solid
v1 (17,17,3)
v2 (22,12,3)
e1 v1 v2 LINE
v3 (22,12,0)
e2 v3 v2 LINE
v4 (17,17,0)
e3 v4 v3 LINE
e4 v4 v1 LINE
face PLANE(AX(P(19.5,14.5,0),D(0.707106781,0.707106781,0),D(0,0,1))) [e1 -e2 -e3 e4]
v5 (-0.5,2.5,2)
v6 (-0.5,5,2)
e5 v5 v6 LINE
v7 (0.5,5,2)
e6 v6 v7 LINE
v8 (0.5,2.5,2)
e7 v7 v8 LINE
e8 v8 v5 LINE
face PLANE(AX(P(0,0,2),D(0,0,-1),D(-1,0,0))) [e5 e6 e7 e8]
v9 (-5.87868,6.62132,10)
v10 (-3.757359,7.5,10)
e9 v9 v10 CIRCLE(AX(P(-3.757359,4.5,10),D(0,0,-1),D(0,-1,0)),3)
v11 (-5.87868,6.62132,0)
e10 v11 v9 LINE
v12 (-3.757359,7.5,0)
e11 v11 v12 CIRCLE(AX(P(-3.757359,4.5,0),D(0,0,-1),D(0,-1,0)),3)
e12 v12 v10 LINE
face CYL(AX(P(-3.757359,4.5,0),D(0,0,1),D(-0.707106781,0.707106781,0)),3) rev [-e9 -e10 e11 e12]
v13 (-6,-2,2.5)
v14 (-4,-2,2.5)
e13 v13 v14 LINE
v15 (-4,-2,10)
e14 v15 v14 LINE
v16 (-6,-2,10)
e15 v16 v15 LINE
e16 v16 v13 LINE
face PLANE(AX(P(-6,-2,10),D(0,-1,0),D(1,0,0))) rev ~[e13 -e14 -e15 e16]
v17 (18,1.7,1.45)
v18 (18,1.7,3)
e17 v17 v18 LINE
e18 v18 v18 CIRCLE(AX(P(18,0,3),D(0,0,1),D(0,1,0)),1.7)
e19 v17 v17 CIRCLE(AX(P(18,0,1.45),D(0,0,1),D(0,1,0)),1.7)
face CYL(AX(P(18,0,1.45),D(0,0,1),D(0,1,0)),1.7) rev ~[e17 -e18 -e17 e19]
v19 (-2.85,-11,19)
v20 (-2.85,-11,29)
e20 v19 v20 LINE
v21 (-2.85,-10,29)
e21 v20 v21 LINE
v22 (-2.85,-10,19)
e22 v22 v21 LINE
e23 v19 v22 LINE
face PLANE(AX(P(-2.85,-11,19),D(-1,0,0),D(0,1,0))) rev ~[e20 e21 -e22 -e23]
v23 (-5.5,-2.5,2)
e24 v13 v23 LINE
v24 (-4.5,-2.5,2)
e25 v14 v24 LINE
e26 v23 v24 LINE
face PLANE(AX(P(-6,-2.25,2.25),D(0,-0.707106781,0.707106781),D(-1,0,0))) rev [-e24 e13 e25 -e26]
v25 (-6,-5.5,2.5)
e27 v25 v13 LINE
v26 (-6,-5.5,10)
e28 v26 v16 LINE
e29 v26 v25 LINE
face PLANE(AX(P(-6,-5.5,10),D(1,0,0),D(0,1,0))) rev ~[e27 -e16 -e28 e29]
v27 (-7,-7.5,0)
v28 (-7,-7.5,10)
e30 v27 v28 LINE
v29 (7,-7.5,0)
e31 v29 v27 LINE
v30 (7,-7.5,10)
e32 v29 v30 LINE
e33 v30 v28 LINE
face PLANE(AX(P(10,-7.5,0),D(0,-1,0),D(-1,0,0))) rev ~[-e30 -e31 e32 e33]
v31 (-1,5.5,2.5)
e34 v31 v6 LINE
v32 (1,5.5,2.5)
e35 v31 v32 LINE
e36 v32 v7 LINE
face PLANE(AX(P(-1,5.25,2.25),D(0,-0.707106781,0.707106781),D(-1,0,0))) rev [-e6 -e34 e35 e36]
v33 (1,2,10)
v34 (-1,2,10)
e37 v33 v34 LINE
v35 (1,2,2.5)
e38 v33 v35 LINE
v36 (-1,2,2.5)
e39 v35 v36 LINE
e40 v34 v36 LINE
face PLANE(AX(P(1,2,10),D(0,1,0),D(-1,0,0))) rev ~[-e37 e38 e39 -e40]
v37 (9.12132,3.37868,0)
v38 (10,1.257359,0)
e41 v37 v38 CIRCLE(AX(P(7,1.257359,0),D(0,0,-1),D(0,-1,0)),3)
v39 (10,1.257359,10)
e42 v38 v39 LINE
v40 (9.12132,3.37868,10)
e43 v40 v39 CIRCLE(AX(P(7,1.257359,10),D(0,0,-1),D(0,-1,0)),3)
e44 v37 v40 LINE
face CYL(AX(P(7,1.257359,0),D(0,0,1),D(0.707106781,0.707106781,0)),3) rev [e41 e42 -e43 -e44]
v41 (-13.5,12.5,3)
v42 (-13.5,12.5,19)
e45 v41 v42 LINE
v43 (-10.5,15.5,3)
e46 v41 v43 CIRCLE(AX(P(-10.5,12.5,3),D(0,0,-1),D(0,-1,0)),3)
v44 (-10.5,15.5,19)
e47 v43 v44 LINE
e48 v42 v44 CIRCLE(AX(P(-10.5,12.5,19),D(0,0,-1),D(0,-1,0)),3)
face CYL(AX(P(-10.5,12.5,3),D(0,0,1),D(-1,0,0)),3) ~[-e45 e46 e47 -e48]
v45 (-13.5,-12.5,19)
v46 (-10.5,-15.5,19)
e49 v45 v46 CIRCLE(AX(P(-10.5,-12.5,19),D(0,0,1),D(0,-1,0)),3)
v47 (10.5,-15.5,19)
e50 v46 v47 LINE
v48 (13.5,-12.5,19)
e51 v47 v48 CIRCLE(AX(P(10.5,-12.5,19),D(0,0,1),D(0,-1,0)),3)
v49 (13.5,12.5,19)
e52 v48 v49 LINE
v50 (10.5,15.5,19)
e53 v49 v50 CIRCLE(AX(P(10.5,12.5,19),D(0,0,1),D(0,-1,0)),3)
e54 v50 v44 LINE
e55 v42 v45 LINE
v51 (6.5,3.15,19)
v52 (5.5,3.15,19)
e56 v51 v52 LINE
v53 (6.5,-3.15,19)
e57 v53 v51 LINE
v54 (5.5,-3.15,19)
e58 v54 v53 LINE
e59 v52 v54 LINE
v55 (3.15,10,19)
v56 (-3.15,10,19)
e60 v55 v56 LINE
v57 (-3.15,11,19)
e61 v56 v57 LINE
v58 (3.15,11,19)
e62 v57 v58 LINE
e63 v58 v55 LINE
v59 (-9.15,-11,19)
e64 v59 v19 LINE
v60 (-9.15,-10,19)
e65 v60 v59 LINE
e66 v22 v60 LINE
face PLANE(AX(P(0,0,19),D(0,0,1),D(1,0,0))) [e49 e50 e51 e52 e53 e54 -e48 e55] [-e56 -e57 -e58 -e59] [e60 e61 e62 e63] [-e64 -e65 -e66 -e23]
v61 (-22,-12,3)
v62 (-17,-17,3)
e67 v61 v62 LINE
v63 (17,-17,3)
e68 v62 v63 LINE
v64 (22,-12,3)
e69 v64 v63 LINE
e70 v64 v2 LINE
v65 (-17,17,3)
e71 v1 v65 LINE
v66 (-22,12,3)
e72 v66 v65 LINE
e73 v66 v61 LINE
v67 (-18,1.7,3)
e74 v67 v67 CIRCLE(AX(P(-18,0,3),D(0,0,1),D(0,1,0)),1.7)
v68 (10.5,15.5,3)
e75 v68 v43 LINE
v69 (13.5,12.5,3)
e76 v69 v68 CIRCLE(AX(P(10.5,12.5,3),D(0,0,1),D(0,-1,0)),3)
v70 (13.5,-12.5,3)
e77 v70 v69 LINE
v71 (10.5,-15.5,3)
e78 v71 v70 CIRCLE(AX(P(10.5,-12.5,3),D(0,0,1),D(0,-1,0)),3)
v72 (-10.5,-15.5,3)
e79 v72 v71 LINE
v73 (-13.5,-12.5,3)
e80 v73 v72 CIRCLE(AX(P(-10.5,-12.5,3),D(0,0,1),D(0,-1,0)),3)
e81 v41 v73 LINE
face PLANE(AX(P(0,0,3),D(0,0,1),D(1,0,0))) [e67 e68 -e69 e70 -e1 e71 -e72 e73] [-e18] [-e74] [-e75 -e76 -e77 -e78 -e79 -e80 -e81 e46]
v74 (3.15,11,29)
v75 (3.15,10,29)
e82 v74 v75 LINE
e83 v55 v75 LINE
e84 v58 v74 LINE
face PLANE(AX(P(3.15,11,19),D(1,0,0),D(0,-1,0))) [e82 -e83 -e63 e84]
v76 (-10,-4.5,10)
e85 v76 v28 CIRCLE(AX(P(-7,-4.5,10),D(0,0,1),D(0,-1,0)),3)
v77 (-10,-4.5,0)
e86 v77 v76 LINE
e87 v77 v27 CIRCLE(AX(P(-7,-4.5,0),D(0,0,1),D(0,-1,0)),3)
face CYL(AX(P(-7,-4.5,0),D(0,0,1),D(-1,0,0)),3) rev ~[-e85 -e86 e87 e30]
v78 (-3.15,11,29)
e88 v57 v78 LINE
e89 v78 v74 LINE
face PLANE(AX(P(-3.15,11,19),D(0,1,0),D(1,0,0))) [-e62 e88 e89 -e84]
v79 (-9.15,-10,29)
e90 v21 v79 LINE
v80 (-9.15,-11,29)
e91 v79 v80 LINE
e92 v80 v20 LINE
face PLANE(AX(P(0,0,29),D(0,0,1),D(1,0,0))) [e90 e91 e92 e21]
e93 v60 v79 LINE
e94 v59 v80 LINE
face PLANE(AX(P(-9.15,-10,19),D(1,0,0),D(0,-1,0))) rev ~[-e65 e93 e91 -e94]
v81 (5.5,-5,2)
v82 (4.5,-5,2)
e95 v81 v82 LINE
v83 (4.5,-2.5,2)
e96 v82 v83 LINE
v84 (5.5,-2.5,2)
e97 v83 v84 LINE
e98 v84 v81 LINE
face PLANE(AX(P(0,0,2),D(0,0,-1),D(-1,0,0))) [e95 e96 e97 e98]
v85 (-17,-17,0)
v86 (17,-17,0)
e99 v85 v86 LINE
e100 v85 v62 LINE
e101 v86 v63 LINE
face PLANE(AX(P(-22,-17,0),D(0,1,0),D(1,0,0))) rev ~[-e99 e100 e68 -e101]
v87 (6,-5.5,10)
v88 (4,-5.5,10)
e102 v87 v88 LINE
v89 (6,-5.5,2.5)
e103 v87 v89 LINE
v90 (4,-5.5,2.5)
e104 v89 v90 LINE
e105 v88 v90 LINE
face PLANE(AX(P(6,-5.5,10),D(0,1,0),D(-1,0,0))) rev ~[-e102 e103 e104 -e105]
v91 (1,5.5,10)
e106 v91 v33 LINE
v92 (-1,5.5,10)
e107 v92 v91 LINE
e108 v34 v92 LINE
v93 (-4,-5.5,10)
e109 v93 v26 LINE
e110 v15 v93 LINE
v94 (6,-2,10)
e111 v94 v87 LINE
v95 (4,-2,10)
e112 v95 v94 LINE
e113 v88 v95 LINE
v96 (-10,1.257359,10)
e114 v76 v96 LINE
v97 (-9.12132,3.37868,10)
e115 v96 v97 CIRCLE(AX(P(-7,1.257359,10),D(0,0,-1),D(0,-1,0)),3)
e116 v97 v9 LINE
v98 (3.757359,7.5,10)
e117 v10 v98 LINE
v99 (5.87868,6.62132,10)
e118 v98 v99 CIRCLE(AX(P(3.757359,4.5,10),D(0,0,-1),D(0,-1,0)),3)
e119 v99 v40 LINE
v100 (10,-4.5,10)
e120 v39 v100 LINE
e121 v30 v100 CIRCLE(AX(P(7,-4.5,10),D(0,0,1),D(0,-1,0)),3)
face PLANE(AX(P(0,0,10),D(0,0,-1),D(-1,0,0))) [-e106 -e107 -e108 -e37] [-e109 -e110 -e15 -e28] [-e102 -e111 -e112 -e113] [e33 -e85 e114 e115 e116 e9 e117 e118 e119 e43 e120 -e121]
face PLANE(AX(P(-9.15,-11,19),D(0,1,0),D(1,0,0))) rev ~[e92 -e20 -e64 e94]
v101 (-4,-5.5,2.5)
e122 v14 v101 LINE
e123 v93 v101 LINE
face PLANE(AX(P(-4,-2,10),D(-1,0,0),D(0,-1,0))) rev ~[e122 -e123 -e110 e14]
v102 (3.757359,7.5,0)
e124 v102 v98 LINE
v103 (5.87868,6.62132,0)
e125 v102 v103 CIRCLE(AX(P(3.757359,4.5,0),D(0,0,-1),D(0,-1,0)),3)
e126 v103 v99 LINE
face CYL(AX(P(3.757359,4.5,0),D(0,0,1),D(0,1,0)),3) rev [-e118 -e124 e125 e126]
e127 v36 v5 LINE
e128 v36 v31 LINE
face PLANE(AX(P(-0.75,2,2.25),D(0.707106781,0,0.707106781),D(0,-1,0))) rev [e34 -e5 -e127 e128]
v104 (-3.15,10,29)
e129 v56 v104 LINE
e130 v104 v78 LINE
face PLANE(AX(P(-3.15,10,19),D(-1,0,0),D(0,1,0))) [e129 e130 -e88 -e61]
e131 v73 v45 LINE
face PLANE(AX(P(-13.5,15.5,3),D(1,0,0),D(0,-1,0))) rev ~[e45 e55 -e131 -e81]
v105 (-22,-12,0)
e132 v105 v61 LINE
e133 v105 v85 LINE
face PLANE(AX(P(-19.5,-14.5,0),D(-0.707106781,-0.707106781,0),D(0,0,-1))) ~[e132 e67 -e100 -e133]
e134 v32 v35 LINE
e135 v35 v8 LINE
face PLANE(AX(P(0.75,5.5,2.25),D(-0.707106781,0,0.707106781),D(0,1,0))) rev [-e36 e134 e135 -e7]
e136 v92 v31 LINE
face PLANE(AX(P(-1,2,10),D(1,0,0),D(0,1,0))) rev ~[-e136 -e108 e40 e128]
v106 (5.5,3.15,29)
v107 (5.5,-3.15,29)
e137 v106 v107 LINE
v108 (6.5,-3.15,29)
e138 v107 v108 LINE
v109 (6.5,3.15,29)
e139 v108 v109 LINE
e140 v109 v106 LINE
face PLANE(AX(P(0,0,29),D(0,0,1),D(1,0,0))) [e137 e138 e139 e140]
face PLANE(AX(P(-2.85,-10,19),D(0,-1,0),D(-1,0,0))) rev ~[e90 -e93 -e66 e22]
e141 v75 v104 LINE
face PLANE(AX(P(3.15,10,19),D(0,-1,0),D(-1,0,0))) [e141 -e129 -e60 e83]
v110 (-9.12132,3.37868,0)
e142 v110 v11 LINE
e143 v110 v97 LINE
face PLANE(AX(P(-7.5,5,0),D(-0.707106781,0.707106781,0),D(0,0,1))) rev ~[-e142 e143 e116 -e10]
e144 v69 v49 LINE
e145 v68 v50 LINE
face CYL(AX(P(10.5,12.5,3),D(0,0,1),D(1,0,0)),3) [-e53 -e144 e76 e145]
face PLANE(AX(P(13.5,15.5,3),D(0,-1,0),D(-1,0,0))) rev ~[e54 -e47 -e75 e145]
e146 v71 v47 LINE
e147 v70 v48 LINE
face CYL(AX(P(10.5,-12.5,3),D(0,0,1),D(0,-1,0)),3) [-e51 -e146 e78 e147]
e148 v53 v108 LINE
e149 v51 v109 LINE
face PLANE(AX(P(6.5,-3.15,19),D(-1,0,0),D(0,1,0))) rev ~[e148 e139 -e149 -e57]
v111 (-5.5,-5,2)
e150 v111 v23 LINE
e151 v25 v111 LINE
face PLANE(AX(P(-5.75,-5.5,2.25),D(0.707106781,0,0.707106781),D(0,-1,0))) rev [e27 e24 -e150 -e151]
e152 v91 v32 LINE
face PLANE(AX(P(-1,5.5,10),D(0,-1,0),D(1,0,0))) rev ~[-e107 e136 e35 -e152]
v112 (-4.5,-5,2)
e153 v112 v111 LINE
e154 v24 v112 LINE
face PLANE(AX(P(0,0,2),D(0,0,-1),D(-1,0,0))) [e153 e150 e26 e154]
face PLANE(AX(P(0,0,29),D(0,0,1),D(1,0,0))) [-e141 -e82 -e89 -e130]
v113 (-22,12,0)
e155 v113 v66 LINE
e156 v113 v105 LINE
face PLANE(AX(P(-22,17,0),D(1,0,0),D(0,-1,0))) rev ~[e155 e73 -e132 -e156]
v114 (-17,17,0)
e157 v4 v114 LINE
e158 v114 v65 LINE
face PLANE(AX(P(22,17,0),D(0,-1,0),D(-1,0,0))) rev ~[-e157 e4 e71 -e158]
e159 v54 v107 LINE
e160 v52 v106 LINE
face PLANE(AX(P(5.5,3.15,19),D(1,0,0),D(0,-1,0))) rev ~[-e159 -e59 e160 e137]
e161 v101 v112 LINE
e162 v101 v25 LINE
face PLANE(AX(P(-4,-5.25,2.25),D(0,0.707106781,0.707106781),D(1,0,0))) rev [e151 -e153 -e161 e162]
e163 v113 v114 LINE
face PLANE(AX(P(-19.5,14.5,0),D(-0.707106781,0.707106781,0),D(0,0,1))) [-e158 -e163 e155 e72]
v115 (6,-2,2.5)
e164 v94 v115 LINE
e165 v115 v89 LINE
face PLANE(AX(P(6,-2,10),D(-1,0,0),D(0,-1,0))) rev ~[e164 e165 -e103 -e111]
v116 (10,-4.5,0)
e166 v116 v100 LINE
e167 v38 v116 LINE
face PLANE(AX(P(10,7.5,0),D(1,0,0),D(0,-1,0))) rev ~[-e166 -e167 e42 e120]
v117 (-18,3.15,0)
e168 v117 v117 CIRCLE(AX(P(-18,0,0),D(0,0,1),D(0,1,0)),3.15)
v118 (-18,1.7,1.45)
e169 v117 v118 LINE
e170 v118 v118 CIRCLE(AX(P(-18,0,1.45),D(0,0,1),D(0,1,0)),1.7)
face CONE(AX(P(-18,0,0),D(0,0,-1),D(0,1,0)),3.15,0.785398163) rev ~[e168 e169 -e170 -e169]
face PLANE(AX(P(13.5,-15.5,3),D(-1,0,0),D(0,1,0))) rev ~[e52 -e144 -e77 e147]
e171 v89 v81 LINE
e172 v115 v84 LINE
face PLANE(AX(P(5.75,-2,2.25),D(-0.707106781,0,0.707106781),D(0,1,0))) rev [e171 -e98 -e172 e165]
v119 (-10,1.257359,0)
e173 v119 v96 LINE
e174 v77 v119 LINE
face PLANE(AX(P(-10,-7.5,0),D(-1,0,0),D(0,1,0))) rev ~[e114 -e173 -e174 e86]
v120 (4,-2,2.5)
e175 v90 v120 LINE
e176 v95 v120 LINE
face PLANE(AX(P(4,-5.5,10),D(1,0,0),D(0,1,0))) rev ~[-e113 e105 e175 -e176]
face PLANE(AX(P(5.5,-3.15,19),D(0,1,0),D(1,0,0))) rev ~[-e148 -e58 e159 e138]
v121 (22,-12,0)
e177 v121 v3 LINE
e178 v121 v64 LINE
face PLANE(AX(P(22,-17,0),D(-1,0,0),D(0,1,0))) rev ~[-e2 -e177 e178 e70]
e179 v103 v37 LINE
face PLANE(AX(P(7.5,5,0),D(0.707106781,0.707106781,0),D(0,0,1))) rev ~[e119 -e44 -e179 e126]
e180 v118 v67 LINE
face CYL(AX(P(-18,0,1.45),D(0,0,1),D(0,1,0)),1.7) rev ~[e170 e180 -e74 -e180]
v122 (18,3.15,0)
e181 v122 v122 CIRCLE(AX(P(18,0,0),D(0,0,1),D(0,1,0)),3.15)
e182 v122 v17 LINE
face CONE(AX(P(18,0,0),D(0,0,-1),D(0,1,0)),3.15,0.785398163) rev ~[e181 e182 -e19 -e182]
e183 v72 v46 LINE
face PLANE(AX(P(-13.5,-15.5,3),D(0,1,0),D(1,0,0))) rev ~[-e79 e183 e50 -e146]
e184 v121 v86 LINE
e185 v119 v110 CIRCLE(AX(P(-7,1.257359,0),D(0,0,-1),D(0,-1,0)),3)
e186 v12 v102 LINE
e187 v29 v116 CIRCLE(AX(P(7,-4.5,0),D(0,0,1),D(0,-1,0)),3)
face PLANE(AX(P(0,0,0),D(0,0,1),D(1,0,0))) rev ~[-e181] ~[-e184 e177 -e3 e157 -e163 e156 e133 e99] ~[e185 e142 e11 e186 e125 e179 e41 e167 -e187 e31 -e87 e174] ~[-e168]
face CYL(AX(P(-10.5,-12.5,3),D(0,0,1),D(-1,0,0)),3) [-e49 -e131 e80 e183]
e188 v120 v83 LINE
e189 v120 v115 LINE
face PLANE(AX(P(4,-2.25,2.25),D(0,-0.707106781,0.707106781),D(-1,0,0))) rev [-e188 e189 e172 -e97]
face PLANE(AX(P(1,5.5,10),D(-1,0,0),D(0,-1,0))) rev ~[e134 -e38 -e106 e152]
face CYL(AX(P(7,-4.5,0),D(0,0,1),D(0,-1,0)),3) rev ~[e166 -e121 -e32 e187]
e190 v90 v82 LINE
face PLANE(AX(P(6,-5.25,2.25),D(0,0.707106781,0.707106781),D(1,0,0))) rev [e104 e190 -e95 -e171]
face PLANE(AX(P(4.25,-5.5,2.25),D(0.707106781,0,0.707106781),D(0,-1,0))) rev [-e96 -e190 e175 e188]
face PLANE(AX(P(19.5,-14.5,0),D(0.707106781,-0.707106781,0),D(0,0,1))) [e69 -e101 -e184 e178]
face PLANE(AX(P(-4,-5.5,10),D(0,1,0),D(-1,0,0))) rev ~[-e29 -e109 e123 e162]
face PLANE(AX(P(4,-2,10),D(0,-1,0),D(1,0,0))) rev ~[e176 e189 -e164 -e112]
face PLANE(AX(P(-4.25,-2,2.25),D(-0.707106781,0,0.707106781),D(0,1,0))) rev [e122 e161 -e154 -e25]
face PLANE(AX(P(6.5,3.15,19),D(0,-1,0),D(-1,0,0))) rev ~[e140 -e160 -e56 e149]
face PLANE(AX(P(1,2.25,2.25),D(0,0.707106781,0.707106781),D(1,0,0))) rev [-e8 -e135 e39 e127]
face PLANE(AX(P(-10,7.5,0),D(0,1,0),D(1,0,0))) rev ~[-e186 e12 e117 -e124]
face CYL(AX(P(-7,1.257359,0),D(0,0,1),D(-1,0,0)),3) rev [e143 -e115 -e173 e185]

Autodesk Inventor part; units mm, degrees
ref_plane "YZ Plane" through (0, 0, 0) normal (1, 0, 0) x (0, 1, 0)
ref_plane "XZ Plane" through (0, 0, 0) normal (0, 1, 0) x (-1, 0, 0)
ref_plane "XY Plane" through (0, 0, 0) normal (0, 0, 1) x (1, 0, 0)
sketch "Sketch1" plane through (0, 0, 0) normal (0, 0, 1) x (1, 0, 0)
  line L0 (-22, -17) -> (22, -17)
  line L1 (22, -17) -> (22, 17)
  line L2 (22, 17) -> (-22, 17)
  line L3 (-22, 17) -> (-22, -17)
  line L4 (-22, -17) -> (22, 17) construction
  line L5 (22, -17) -> (-22, 17) construction
  point P0 (0, 0)
  dimension "d0" = 44
  dimension "d1" = 34
extrude "Extrusion1" add sketch "Sketch1" along normal blind 3
chamfer "Chamfer1" distance 5 angle 45 4 edges at (22, 17, 1.5) (-22, 17, 1.5) (22, -17, 1.5) (-22, -17, 1.5)
sketch "Sketch2" plane through (0, 0, 3) normal (0, 0, 1) x (1, 0, 0)
  line L0 (-13.5, -15.5) -> (13.5, -15.5)
  line L1 (13.5, -15.5) -> (13.5, 15.5)
  line L2 (13.5, 15.5) -> (-13.5, 15.5)
  line L3 (-13.5, 15.5) -> (-13.5, -15.5)
  line L4 (-13.5, -15.5) -> (13.5, 15.5) construction
  line L5 (13.5, -15.5) -> (-13.5, 15.5) construction
  point P0 (0, 0)
  dimension "d7" = 27
  dimension "d8" = 31
extrude "Extrusion2" add sketch "Sketch2" along normal blind 16
fillet "Fillet1" radius 3 4 edges at (13.5, -15.5, 11) (13.5, 15.5, 11) (-13.5, 15.5, 11) (-13.5, -15.5, 11)
sketch "Sketch3" plane through (0, 0, 0) normal (0, 0, -1) x (-1, 0, 0)
  line L0 (-18, 0) -> (18, 0) construction
  point P0 (0, 0)
  point P1 (0, 0)
  dimension "d12" = 36
hole "Hole1" at (18, 0, 0) at (-18, 0, 0) direction (0, 0, 1) diameter 3.4 depth 8 tip angle 118 countersink diameter 6.3 countersink angle 90 clearance for "Countersunk Flat Head Screw DIN EN ISO 2009" size "M3" standard "DIN"
sketch "Sketch4" plane through (0, 0, 19) normal (0, 0, 1) x (1, 0, 0)
  line L0 (-3.15, 11) -> (3.15, 11)
  line L1 (3.15, 11) -> (3.15, 10)
  line L2 (3.15, 10) -> (-3.15, 10)
  line L3 (-3.15, 10) -> (-3.15, 11)
  line L4 (-3.15, 11) -> (3.15, 10) construction
  line L5 (3.15, 11) -> (-3.15, 10) construction
  line L6 (5.5, -3.15) -> (6.5, -3.15)
  line L7 (6.5, -3.15) -> (6.5, 3.15)
  line L8 (6.5, 3.15) -> (5.5, 3.15)
  line L9 (5.5, 3.15) -> (5.5, -3.15)
  line L10 (5.5, -3.15) -> (6.5, 3.15) construction
  line L11 (6.5, -3.15) -> (5.5, 3.15) construction
  line L12 (-9.15, -11) -> (-2.85, -11)
  line L13 (-2.85, -11) -> (-2.85, -10)
  line L14 (-2.85, -10) -> (-9.15, -10)
  line L15 (-9.15, -10) -> (-9.15, -11)
  line L16 (-9.15, -11) -> (-2.85, -10) construction
  line L17 (-2.85, -11) -> (-9.15, -10) construction
  point P0 (0, 0)
  point P1 (0, 10.5)
  point P2 (6, 0)
  point P3 (-6, -10.5)
  point P4 (0, 10.5)
  point P5 (6, 0)
  dimension "d20" = 6.3
  dimension "d21" = 1
  dimension "d22" = 1
  dimension "d23" = 6.3
  dimension "d24" = 6.3
  dimension "d25" = 1
  dimension "d26" = 10
  dimension "d27" = 6
  dimension "d28" = 10
  dimension "d29" = 6
extrude "Extrusion3" add sketch "Sketch4" along normal blind 10
sketch "Sketch5" plane through (0, 0, 0) normal (0, 0, -1) x (-1, 0, 0)
  line L0 (-10, -7.5) -> (10, -7.5)
  line L1 (10, -7.5) -> (10, 7.5)
  line L2 (10, 7.5) -> (-10, 7.5)
  line L3 (-10, 7.5) -> (-10, -7.5)
  line L4 (-10, -7.5) -> (10, 7.5) construction
  line L5 (10, -7.5) -> (-10, 7.5) construction
  point P0 (0, 0)
  dimension "d32" = 20
  dimension "d33" = 15
extrude "Extrusion4" cut sketch "Sketch5" against normal blind 10
fillet "Fillet2" radius 3 2 edges at (-10, -7.5, 5) (10, -7.5, 5)
chamfer "Chamfer2" distance 5 angle 45 2 edges at (-10, 7.5, 5) (10, 7.5, 5)
fillet "Fillet3" radius 3 4 edges at (10, 2.5, 5) (5, 7.5, 5) (-5, 7.5, 5) (-10, 2.5, 5)
sketch "Sketch6" plane through (0, 0, 10) normal (0, 0, -1) x (-1, 0, 0)
  line L0 (-1, 2) -> (1, 2)
  line L1 (1, 2) -> (1, 5.5)
  line L2 (1, 5.5) -> (-1, 5.5)
  line L3 (-1, 5.5) -> (-1, 2)
  line L4 (-6, -5.5) -> (-4, -5.5)
  line L5 (-4, -5.5) -> (-4, -2)
  line L6 (-4, -2) -> (-6, -2)
  line L7 (-6, -2) -> (-6, -5.5)
  line L8 (4, -5.5) -> (6, -5.5)
  line L9 (6, -5.5) -> (6, -2)
  line L10 (6, -2) -> (4, -2)
  line L11 (4, -2) -> (4, -5.5)
  line L12 (-4, -2) -> (4, -2) construction
  point P0 (0, 0)
  point P1 (0, 2)
  point P2 (0, -2)
  dimension "d41" = 2
  dimension "d42" = 2
  dimension "d43" = 2
  dimension "d44" = 3.5
  dimension "d45" = 3.5
  dimension "d46" = 2
  dimension "d47" = 2
  dimension "d48" = 8
extrude "Extrusion5" add sketch "Sketch6" along normal blind 8
chamfer "Chamfer3" distance 0.5 angle 45 12 edges at (5, -2, 2) (6, -3.75, 2) (4, -3.75, 2) (5, -5.5, 2) (0, 2, 2) (1, 3.75, 2) (0, 5.5, 2) (-1, 3.75, 2) (-4, -3.75, 2) (-5, -2, 2) (-6, -3.75, 2) (-5, -5.5, 2)
properties part number "Netzstecker"
